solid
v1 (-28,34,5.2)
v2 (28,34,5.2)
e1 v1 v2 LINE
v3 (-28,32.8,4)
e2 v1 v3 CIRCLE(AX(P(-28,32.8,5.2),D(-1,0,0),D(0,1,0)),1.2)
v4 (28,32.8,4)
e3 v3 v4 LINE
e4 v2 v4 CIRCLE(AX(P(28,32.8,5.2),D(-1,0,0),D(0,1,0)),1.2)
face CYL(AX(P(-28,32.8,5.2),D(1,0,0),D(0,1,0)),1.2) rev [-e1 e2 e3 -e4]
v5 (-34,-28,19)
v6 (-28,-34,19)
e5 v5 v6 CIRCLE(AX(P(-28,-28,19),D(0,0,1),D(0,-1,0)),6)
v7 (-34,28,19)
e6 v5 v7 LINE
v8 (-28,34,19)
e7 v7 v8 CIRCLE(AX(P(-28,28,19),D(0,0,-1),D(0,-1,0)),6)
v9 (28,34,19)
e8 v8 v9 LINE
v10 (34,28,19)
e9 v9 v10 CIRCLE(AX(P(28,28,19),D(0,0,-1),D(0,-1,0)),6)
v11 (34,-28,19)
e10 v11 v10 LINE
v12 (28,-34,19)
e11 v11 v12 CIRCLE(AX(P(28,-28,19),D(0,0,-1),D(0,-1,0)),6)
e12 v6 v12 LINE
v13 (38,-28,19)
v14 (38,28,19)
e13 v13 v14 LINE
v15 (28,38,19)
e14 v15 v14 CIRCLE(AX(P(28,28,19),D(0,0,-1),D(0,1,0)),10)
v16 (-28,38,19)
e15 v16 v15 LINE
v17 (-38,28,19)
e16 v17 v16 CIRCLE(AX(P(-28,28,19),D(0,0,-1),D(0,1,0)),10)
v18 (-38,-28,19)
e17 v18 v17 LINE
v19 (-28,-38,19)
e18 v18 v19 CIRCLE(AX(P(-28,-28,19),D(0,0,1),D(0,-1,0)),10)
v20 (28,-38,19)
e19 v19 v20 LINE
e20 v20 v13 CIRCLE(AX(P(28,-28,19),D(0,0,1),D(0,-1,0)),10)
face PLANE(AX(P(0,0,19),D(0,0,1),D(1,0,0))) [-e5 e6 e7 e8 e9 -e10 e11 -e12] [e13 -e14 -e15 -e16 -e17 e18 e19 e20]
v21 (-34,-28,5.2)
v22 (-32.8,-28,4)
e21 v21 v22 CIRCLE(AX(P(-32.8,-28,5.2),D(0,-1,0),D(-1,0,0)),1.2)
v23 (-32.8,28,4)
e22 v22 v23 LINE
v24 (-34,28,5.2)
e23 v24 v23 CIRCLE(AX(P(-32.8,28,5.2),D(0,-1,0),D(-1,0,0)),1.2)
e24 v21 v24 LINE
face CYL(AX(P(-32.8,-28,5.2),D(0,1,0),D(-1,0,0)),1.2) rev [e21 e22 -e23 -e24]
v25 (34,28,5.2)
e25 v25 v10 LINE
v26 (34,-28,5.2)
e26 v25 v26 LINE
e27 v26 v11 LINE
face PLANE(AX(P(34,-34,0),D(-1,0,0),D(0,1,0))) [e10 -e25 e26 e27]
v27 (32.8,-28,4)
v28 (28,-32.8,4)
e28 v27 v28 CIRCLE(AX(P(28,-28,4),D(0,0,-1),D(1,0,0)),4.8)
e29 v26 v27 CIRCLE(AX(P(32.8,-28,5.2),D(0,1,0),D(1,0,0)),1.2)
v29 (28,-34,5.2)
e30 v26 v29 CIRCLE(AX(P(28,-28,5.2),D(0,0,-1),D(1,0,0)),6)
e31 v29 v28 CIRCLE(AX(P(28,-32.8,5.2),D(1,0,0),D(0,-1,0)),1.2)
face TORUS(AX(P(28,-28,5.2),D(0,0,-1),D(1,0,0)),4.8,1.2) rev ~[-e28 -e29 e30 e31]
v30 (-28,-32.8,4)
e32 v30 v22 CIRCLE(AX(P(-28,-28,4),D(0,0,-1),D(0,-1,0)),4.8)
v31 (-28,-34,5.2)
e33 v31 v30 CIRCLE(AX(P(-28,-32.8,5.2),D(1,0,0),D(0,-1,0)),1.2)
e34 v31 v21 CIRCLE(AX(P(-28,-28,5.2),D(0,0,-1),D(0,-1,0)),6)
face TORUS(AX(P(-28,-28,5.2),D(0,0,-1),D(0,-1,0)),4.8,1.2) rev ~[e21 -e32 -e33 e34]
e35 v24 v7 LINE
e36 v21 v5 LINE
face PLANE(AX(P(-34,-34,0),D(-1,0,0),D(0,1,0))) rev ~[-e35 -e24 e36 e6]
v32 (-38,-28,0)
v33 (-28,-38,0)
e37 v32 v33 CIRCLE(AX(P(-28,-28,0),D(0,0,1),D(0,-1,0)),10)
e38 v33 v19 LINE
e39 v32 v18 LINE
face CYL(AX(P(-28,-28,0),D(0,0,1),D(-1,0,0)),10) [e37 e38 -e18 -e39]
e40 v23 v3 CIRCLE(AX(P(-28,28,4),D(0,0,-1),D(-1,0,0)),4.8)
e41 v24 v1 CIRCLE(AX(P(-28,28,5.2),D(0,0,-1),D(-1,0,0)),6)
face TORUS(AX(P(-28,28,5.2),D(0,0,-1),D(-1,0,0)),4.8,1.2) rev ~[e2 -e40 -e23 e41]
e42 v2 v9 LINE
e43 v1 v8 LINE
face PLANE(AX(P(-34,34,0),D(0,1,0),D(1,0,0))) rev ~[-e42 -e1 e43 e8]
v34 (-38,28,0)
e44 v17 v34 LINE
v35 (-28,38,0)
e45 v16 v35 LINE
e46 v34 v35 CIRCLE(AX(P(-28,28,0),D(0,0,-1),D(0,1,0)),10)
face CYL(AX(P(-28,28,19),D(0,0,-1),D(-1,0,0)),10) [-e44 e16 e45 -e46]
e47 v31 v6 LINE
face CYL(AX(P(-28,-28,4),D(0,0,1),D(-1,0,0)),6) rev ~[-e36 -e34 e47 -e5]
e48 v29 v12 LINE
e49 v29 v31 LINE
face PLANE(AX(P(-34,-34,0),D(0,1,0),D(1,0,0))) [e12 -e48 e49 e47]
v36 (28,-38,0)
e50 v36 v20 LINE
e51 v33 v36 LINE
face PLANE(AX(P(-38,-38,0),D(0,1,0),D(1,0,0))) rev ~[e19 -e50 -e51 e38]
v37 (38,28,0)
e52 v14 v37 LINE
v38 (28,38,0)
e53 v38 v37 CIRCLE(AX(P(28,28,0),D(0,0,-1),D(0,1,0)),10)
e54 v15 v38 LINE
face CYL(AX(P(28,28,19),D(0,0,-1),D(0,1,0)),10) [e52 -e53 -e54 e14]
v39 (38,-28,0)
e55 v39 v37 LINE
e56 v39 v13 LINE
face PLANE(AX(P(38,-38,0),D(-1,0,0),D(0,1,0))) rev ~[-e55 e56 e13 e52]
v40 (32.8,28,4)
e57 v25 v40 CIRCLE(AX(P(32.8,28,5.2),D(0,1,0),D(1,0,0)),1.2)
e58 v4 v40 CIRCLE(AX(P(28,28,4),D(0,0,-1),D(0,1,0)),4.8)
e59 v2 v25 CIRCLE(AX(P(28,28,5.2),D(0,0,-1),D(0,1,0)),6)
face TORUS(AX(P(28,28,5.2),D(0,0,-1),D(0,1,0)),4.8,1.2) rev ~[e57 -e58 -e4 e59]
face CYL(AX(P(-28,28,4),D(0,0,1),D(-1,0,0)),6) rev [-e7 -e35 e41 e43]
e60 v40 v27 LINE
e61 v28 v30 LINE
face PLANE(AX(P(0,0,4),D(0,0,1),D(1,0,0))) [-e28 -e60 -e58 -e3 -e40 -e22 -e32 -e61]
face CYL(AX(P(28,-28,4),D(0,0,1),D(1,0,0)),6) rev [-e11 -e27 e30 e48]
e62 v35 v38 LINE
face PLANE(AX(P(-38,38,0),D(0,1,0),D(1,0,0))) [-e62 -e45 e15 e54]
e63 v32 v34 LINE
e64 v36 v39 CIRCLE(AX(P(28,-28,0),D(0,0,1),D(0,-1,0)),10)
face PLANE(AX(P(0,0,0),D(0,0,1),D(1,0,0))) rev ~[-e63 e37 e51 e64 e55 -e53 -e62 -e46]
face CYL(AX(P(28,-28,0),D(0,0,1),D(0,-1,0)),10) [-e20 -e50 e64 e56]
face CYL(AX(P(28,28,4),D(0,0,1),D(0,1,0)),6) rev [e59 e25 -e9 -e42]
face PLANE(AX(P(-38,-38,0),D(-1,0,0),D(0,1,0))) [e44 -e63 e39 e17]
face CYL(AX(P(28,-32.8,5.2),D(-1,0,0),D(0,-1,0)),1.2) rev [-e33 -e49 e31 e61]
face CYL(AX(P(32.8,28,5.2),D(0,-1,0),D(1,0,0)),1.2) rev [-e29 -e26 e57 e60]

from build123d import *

# Parameters (mm, degrees)
F0_W     = 76
F0_H     = 76
F0_W_2   = 68
F0_H_2   = 68
F1_DEPTH = 4
F2_DEPTH = 19
F3_R     = 6
F4_R     = 10
F5_R     = 1.2


with BuildPart() as f1:
    # F0 (on Top) → F1 (new body)
    with BuildSketch(Plane.XY):
        Rectangle(F0_W, F0_H)
        Rectangle(F0_W_2, F0_H_2, mode=Mode.SUBTRACT)
        Rectangle(F0_W_2, F0_H_2)
    extrude(amount=F1_DEPTH)

    # F0 (on Top) → F2 (join)
    with BuildSketch(Plane.XY):
        Rectangle(F0_W, F0_H)
        Rectangle(F0_W_2, F0_H_2, mode=Mode.SUBTRACT)
    extrude(amount=F2_DEPTH)

    # F3
    f3_edges = [f1.edges().sort_by_distance(p)[0] for p in [
        (34, 34, 11.5),
        (34, -34, 11.5),
        (-34, -34, 11.5),
        (-34, 34, 11.5),
    ]]
    fillet(f3_edges, radius=F3_R)

    # F4
    f4_edges = [f1.edges().sort_by_distance(p)[0] for p in [
        (-38, -38, 9.5),
        (38, -38, 9.5),
        (38, 38, 9.5),
        (-38, 38, 9.5),
    ]]
    fillet(f4_edges, radius=F4_R)

    # F5
    f5_edges = [f1.edges().sort_by_distance(p)[0] for p in [
        (34, 0, 4),
    ]]
    fillet(f5_edges, radius=F5_R)


solid = f1.part
